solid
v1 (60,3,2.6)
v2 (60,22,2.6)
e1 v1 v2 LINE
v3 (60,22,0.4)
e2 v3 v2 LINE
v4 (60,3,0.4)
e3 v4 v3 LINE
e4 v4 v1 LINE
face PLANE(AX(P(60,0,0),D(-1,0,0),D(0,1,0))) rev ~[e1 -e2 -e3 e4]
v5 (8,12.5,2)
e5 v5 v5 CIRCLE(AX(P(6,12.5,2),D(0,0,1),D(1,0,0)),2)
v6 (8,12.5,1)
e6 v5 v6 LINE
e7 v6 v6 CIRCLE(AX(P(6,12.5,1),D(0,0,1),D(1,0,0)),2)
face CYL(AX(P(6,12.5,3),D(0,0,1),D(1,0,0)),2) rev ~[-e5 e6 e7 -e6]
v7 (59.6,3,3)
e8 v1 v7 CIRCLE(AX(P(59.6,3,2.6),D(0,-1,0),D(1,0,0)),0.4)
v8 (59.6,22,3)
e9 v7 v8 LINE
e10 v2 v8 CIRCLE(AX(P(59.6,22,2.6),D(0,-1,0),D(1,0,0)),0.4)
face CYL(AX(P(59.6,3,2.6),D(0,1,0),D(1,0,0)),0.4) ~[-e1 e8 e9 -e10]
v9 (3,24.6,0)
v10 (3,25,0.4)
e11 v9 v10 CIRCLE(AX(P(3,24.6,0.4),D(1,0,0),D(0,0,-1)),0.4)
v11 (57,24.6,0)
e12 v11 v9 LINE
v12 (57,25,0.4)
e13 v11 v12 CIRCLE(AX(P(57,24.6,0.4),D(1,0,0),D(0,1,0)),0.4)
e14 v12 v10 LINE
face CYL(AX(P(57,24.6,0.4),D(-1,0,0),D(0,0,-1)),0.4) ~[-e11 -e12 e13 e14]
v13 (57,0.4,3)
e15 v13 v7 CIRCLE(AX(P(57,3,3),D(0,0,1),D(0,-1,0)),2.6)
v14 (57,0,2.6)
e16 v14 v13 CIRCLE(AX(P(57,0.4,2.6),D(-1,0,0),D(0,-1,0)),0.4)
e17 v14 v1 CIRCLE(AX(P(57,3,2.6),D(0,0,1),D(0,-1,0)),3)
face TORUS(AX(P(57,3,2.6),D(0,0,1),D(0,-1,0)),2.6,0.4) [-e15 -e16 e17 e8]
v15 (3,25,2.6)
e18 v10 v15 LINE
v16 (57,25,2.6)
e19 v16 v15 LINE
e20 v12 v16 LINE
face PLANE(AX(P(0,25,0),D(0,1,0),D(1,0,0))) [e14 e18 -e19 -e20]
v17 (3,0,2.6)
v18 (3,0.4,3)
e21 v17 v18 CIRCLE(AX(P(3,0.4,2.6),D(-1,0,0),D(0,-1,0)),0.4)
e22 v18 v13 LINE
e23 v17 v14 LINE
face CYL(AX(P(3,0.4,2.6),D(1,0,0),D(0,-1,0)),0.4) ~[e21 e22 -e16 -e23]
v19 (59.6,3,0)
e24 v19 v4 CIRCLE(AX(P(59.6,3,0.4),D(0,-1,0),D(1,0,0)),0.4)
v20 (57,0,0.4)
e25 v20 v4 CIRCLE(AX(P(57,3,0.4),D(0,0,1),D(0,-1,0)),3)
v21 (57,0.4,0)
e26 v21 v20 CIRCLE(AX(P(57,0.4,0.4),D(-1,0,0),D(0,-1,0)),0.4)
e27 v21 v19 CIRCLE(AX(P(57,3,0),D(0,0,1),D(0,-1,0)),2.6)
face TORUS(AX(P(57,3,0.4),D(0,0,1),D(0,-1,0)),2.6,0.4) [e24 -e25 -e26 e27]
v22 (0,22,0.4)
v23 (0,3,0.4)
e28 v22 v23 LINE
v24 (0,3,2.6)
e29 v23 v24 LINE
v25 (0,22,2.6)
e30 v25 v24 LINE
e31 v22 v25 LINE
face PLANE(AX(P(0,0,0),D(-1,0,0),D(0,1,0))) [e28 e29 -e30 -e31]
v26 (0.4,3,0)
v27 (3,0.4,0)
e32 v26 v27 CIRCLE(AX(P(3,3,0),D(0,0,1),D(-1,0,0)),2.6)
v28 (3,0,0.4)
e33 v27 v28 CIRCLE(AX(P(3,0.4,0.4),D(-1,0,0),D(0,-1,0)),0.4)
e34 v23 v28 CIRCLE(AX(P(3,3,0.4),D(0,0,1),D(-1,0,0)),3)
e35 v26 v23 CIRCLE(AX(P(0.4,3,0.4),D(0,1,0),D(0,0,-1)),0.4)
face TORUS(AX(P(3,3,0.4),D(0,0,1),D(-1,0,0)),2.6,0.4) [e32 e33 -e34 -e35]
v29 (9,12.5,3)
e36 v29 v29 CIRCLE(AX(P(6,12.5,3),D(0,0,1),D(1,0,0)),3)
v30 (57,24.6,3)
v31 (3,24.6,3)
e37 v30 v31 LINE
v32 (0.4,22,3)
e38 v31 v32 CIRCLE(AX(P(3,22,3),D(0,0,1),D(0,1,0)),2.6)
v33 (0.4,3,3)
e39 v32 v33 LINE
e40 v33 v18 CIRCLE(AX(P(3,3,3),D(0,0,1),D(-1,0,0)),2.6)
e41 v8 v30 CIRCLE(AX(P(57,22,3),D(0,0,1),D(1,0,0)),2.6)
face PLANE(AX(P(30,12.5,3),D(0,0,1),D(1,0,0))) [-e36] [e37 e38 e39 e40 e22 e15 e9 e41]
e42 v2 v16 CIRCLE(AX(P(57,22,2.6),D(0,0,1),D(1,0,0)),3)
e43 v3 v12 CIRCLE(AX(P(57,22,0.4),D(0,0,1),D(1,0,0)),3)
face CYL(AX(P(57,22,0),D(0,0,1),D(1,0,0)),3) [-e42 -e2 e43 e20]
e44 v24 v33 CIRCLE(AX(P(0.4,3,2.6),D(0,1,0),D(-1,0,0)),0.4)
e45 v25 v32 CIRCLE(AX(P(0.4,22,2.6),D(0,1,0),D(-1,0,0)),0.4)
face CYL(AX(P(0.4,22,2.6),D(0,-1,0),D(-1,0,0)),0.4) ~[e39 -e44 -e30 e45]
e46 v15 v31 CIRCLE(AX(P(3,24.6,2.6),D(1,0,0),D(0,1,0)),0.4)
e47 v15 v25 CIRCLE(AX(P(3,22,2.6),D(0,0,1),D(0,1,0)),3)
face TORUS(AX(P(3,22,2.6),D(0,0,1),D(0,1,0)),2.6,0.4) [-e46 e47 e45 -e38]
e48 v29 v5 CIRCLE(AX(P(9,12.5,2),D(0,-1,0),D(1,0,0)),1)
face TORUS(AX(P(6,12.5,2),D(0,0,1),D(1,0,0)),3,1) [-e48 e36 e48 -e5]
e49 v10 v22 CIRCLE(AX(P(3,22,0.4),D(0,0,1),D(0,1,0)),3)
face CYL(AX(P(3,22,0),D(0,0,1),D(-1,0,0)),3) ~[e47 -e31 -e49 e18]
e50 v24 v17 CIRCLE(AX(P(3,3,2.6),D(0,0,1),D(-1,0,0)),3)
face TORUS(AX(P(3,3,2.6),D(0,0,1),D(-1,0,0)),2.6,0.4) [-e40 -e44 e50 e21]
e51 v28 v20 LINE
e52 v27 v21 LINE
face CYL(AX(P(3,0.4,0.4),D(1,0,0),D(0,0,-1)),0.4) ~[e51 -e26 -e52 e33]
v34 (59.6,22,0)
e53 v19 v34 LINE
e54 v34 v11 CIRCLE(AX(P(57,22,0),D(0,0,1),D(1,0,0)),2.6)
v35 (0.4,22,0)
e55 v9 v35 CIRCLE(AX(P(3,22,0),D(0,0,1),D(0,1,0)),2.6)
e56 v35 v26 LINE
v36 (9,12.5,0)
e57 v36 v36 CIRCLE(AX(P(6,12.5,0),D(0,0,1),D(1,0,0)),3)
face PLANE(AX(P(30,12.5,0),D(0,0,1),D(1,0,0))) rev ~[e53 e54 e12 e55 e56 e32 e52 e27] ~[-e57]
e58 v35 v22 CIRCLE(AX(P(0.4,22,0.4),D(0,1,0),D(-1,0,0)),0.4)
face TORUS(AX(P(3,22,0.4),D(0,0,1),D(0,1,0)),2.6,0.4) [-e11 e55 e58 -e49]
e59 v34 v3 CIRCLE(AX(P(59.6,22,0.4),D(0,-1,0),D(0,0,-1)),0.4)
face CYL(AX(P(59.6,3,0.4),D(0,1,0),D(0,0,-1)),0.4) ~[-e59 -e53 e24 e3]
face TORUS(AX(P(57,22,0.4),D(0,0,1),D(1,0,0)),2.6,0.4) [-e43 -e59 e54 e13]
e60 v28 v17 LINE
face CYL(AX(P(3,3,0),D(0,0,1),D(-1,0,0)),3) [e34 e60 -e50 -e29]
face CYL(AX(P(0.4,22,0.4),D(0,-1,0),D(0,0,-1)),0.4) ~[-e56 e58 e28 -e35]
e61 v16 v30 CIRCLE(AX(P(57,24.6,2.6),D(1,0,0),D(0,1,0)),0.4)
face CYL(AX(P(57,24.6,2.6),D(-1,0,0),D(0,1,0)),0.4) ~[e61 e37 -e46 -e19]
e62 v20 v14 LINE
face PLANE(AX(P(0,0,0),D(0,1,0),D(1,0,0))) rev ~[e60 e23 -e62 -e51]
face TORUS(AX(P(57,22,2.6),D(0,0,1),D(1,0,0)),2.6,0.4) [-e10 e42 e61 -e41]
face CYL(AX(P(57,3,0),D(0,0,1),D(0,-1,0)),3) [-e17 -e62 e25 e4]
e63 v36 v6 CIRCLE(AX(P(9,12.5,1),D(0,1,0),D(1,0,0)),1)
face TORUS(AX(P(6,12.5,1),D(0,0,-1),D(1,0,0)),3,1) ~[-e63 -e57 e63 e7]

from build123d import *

# Parameters (mm, degrees)
SKETCH_W      = 60
SKETCH_H      = 25
EXTRUDE_DEPTH = 3
FILLET_R      = 3
SKETCH001_R   = 2
POCKET_DEPTH  = 3.001
FILLET001_R   = 1
FILLET002_R   = 0.4


with BuildPart() as part:
    # Sketch (on Sketch) → Extrude (new body)
    with BuildSketch(Plane.XY):
        with Locations((30, 12.5)):
            Rectangle(SKETCH_W, SKETCH_H)
    extrude(amount=EXTRUDE_DEPTH)

    # Fillet
    fillet_edges = [part.edges().sort_by_distance(p)[0] for p in [
        (0, 25, 1.5),
        (0, 0, 1.5),
        (60, 0, 1.5),
        (60, 25, 1.5),
    ]]
    fillet(fillet_edges, radius=FILLET_R)

    # Sketch001 (on Face5 of Fillet) → Pocket (cut, through all)
    with BuildSketch(Plane.XY.offset(3)):
        with Locations((6, 12.5)):
            Circle(SKETCH001_R)
    extrude(amount=-POCKET_DEPTH, mode=Mode.SUBTRACT)

    # Fillet001
    fillet001_edges = [part.edges().sort_by_distance(p)[0] for p in [
        (4, 12.5, 3),
        (4, 12.5, 0),
    ]]
    fillet(fillet001_edges, radius=FILLET001_R)

    # Fillet002
    fillet002_edges = [part.edges().sort_by_distance(p)[0] for p in [
        (60, 12.5, 3),
        (59.12132, 24.12132, 3),
        (30, 25, 3),
        (0.87868, 24.12132, 3),
        (0, 12.5, 3),
        (0.87868, 0.87868, 3),
        (30, 0, 3),
        (59.12132, 0.87868, 3),
        (59.12132, 0.87868, 0),
        (30, 0, 0),
        (0.87868, 0.87868, 0),
        (0, 12.5, 0),
        (0.87868, 24.12132, 0),
        (30, 25, 0),
        (59.12132, 24.12132, 0),
        (60, 12.5, 0),
    ]]
    fillet(fillet002_edges, radius=FILLET002_R)


solid = part.part
